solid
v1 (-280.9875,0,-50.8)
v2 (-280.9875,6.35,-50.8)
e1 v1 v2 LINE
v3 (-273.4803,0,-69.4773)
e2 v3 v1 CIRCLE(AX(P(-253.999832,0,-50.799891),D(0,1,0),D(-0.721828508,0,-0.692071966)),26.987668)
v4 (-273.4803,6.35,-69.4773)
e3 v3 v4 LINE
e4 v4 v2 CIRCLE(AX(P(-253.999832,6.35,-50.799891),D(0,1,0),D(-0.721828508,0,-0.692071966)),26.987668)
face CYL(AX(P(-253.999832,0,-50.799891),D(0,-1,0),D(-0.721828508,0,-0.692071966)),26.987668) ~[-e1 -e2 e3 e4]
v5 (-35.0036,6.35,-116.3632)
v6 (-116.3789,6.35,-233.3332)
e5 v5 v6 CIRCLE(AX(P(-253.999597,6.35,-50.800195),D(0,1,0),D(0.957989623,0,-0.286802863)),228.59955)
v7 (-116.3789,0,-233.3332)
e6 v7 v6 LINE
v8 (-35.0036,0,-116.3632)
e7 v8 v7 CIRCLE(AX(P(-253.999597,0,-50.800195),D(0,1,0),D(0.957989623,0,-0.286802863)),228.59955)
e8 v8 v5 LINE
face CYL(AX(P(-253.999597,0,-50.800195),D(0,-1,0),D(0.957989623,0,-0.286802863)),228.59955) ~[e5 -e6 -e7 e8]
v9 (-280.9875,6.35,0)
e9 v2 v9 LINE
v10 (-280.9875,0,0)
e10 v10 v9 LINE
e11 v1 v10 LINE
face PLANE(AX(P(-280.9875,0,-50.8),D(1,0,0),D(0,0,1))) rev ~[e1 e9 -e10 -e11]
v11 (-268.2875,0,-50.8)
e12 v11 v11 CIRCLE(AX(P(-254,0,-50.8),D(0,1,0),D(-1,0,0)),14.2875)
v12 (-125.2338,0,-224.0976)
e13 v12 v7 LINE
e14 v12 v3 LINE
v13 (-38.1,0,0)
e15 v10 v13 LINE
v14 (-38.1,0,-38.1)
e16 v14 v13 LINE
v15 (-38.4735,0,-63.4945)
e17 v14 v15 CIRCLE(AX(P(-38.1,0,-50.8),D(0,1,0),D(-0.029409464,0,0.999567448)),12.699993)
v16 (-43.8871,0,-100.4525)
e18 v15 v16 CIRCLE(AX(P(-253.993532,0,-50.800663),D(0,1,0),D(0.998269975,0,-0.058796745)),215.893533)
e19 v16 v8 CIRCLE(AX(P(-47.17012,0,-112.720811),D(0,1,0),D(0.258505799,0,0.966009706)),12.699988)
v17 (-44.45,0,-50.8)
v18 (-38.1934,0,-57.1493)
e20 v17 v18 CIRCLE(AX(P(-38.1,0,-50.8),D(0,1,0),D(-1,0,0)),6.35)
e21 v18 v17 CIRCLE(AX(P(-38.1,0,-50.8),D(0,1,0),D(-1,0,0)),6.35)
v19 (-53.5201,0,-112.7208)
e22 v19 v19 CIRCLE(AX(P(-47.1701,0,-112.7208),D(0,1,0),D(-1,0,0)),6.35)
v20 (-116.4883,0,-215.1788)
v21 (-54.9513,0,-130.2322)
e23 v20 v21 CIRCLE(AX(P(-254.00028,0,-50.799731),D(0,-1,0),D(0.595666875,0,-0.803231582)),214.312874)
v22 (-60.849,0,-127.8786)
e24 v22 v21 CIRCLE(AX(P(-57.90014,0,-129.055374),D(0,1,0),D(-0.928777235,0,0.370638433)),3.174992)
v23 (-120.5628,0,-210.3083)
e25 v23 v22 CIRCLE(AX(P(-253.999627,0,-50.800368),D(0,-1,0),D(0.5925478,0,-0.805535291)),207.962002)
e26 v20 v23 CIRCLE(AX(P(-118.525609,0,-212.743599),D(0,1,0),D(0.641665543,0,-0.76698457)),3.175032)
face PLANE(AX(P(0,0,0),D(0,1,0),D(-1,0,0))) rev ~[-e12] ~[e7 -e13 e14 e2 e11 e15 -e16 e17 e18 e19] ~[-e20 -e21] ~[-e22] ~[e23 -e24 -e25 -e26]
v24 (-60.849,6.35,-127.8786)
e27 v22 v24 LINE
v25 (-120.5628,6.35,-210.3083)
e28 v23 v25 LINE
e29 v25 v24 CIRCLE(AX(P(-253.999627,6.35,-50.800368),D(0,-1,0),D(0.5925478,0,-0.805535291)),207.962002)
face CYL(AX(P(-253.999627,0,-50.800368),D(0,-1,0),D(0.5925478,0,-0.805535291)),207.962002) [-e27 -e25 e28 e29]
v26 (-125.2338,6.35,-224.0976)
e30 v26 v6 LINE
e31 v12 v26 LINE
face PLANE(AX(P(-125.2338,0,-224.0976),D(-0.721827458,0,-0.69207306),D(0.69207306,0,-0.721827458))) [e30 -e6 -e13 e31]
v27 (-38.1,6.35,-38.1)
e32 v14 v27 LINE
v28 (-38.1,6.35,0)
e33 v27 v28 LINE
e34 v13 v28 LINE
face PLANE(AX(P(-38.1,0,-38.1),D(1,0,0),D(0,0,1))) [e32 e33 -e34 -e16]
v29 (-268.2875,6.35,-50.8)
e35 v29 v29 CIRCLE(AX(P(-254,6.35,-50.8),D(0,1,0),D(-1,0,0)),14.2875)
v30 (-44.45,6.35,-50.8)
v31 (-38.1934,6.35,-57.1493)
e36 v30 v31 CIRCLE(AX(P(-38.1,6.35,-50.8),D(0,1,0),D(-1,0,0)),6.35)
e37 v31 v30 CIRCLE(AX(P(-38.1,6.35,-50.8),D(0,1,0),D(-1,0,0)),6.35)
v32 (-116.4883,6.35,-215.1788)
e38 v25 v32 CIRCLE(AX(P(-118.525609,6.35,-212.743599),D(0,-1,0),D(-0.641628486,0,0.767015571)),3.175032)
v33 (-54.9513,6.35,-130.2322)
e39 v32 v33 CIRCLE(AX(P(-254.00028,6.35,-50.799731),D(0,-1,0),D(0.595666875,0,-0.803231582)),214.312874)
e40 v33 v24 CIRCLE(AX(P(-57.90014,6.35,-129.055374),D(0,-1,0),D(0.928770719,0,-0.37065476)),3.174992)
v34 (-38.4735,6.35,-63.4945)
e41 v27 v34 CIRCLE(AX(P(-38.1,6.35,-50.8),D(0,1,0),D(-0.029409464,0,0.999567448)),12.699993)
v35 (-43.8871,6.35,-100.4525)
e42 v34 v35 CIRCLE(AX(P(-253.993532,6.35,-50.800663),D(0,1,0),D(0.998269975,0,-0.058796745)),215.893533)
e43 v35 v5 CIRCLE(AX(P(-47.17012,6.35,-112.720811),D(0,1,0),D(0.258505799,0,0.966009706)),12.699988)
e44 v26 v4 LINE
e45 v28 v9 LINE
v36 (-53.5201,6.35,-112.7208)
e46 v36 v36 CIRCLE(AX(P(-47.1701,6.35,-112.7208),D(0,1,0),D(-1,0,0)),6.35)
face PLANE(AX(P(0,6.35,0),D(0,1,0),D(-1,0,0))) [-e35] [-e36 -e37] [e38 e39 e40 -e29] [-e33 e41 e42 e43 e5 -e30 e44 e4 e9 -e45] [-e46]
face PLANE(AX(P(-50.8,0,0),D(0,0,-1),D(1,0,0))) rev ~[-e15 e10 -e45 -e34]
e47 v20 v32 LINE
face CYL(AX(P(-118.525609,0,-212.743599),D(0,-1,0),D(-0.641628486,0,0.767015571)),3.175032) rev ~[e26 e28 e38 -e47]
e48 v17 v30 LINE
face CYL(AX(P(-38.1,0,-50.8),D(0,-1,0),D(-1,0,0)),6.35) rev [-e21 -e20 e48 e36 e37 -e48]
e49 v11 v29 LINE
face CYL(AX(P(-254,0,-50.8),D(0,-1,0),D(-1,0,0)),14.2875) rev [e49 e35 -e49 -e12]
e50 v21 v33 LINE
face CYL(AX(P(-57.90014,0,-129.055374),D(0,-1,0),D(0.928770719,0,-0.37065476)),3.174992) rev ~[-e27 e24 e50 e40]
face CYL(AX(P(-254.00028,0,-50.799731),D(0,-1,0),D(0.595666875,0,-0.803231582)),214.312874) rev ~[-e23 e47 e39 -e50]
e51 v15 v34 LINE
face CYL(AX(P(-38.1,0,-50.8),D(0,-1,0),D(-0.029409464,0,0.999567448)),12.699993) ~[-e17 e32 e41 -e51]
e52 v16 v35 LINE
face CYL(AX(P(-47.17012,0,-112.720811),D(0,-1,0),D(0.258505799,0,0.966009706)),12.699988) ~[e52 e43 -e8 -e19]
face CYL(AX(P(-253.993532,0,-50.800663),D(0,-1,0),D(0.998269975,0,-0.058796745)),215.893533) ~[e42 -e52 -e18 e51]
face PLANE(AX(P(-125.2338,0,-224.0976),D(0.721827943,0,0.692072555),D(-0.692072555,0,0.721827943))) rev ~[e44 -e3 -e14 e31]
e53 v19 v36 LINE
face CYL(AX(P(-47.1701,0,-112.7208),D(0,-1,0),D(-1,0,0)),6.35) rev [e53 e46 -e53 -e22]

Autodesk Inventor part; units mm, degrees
ref_plane "YZ Plane" through (0, 0, 0) normal (1, 0, 0) x (0, 1, 0)
ref_plane "XZ Plane" through (0, 0, 0) normal (0, 1, 0) x (-1, 0, 0)
sketch "Sketch1" plane through (0, 0, 0) normal (0, 1, 0) x (-1, 0, 0)
  circle A0 centre (254, -50.8) radius 14.2875
  arc A1 (38.4735, -38.1055) -> (38.4735, -63.4945) centre (38.1, -50.8) ccw
  line L0 (280.9875, -50.8) -> (280.9875, 0)
  line L1 (280.9875, 0) -> (280.9875, -50.8)
  line L2 (280.9875, 0) -> (38.1, 0)
  line L3 (38.1, -38.1) -> (38.1, 0)
  arc A2 (38.4735, -63.4945) -> (43.8871, -100.4525) centre (254, -50.8) ccw
  arc A3 (51.1687, -124.7749) -> (66.9545, -158.6276) centre (254, -50.8) ccw
  arc A4 (80.906, -179.8398) -> (105.7377, -207.743) centre (254, -50.8) ccw
  arc A5 (273.4803, -69.4773) -> (280.9875, -50.8) centre (254, -50.8) ccw
  line L4 (125.2338, -224.0976) -> (273.4803, -69.4773)
  line L5 (280.9875, 0) -> (38.1, 0)
  line L6 (38.1, 0) -> (38.1, -38.1)
  line L7 (280.9875, 0) -> (280.9875, -50.8)
  circle A6 centre (47.1701, -112.7208) radius 6.35
  circle A7 centre (38.1, -50.8) radius 6.35
  arc A8 (43.8871, -100.4525) -> (51.1687, -124.7749) centre (47.1701, -112.7208) ccw
  arc A9 (38.4735, -38.1055) -> (38.4735, -63.4945) centre (38.1, -50.8) ccw
  arc A10 (43.8871, -100.4525) -> (51.1687, -124.7749) centre (47.1701, -112.7208) ccw
  line L8 (38.1, 0) -> (50.8, 0)
  line L9 (38.4739, -38.1) -> (38.1, -38.1)
  line L10 (38.1, -38.1) -> (38.1, 0)
  circle A11 centre (254, -50.8) radius 14.2875
  circle A12 centre (47.1701, -112.7208) radius 6.35
  circle A13 centre (38.1, -50.8) radius 6.35
  arc A14 (51.1687, -124.7749) -> (125.2338, -224.0976) centre (254, -50.8) ccw
  arc A15 (38.1934, -57.1493) -> (43.8871, -100.4525) centre (254, -50.8) ccw
  arc A16 (35.0036, -116.3632) -> (116.3789, -233.3332) centre (254, -50.8) ccw
  line L11 (125.2338, -224.0976) -> (116.3789, -233.3332)
  point P0 (0, 0)
  point P1 (44.1616, 0)
  point P2 (38.1934, -44.4507)
  dimension "d4" = 28.575
  dimension "d32" = 25.4
  dimension "d36" = 50.8
  dimension "d74" = 53.975
  dimension "d79" = 12.7
  dimension "d83" = 26.9875
ref_plane "Work Plane1" through (0, 6.35, 0) normal (0, 1, 0) x (1, 0, 0)
extrude "Extrusion7" add sketch "Sketch1" along normal blind 6.35
sketch "Sketch3" plane through (0, 0, 0) normal (0, -1, 0) x (1, 0, 0)
  circle A0 centre (-254, -50.8) radius 14.2875 projected
  circle A1 centre (-254, -50.8) radius 14.2875
  arc A2 (-116.3789, -233.3332) -> (-35.0036, -116.3632) centre (-254, -50.8) ccw projected
  circle A3 centre (-47.1701, -112.7208) radius 6.35 projected
  arc A4 (-130.7722, -218.3211) -> (-55.5923, -113.1119) centre (-254, -50.8) ccw
  circle A5 centre (-254, -50.8) radius 24.789
  arc A6 (-126.3412, -222.9426) -> (-47.018, -106.3726) centre (-254, -50.8) ccw
  arc A7 (-54.9513, -130.2322) -> (-60.849, -127.8786) centre (-57.9002, -129.0554) ccw
  line L0 (-62.5231, -105.8831) -> (-35.6006, -133.9631)
  line L1 (-116.3789, -233.3332) -> (-273.4803, -69.4773) projected
  arc A8 (-120.5628, -210.3083) -> (-116.4883, -215.1788) centre (-118.5256, -212.7436) ccw
  arc A9 (-56.7456, -126.0977) -> (-50.5804, -107.3643) centre (-254, -50.8) ccw
  arc A10 (-128.5564, -220.6321) -> (-120.976, -214.7624) centre (-254, -50.8) ccw
  point P0 (0, 0)
  dimension "d90" = 415.925
  dimension "d94" = 428.625
  dimension "d97" = 6.35
  dimension "d98" = 6.35
  dimension "d101" = 12.7
  dimension "d102" = 6.35
  dimension "d103" = 12.7
extrude "Extrusion8" cut sketch "Sketch3" against normal blind 127 contours A8 A4 A7 A6
sketch "Sketch7" plane through (0, 0, 0) normal (0, -1, 0) x (1, 0, 0)
  line L0 (-280.9875, 0) -> (-38.1, 0) projected
  line L1 (-217.4875, 0) -> (-369.8875, 0)
  line L2 (-369.8875, 0) -> (-369.8875, -101.6)
  line L3 (-369.8875, -101.6) -> (-217.4875, -101.6)
  line L4 (-217.4875, -101.6) -> (-217.4875, 0)
  line L5 (-280.9875, -50.8) -> (-280.9875, 0) projected
  line L6 (-116.3789, -233.3332) -> (-273.4803, -69.4773) projected
  line L7 (-242.6818, -101.6) -> (-276.2977, -52.4082)
  line L8 (-276.2977, -52.4082) -> (-253.5984, 0)
  circle A0 centre (-254, -50.8) radius 14.2875 projected
  circle A1 centre (-254, -50.8) radius 14.2875
  line L9 (-280.9875, 0) -> (-217.4875, 0)
  line L10 (-217.4875, 0) -> (-217.4875, 104.2647)
  line L11 (-217.4875, 104.2647) -> (-280.9875, 104.2647)
  line L12 (-280.9875, 104.2647) -> (-280.9875, 0)
  circle A2 centre (-254, -50.8) radius 76.2
  circle A3 centre (-47.1701, -112.7208) radius 6.35 projected
  line L13 (-254, -50.8) -> (-71.9918, -151.4053)
  arc A4 (-120.5628, -210.3083) -> (-60.849, -127.8786) centre (-254, -50.8) ccw projected
  point P0 (0, 0)
  dimension "d111" = 63.5
  dimension "d112" = 101.6
  dimension "d113" = 152.4
  dimension "d114" = 115.8875
  dimension "d115" = 152.4
  dimension "d118" = 207.9625
sketch "Sketch8" plane through (0, 0, 0) normal (0, -1, 0) x (1, 0, 0)
  point P0 (0, 0)
properties part number "Hood panel RIGHT" material "Aluminum 6061"
